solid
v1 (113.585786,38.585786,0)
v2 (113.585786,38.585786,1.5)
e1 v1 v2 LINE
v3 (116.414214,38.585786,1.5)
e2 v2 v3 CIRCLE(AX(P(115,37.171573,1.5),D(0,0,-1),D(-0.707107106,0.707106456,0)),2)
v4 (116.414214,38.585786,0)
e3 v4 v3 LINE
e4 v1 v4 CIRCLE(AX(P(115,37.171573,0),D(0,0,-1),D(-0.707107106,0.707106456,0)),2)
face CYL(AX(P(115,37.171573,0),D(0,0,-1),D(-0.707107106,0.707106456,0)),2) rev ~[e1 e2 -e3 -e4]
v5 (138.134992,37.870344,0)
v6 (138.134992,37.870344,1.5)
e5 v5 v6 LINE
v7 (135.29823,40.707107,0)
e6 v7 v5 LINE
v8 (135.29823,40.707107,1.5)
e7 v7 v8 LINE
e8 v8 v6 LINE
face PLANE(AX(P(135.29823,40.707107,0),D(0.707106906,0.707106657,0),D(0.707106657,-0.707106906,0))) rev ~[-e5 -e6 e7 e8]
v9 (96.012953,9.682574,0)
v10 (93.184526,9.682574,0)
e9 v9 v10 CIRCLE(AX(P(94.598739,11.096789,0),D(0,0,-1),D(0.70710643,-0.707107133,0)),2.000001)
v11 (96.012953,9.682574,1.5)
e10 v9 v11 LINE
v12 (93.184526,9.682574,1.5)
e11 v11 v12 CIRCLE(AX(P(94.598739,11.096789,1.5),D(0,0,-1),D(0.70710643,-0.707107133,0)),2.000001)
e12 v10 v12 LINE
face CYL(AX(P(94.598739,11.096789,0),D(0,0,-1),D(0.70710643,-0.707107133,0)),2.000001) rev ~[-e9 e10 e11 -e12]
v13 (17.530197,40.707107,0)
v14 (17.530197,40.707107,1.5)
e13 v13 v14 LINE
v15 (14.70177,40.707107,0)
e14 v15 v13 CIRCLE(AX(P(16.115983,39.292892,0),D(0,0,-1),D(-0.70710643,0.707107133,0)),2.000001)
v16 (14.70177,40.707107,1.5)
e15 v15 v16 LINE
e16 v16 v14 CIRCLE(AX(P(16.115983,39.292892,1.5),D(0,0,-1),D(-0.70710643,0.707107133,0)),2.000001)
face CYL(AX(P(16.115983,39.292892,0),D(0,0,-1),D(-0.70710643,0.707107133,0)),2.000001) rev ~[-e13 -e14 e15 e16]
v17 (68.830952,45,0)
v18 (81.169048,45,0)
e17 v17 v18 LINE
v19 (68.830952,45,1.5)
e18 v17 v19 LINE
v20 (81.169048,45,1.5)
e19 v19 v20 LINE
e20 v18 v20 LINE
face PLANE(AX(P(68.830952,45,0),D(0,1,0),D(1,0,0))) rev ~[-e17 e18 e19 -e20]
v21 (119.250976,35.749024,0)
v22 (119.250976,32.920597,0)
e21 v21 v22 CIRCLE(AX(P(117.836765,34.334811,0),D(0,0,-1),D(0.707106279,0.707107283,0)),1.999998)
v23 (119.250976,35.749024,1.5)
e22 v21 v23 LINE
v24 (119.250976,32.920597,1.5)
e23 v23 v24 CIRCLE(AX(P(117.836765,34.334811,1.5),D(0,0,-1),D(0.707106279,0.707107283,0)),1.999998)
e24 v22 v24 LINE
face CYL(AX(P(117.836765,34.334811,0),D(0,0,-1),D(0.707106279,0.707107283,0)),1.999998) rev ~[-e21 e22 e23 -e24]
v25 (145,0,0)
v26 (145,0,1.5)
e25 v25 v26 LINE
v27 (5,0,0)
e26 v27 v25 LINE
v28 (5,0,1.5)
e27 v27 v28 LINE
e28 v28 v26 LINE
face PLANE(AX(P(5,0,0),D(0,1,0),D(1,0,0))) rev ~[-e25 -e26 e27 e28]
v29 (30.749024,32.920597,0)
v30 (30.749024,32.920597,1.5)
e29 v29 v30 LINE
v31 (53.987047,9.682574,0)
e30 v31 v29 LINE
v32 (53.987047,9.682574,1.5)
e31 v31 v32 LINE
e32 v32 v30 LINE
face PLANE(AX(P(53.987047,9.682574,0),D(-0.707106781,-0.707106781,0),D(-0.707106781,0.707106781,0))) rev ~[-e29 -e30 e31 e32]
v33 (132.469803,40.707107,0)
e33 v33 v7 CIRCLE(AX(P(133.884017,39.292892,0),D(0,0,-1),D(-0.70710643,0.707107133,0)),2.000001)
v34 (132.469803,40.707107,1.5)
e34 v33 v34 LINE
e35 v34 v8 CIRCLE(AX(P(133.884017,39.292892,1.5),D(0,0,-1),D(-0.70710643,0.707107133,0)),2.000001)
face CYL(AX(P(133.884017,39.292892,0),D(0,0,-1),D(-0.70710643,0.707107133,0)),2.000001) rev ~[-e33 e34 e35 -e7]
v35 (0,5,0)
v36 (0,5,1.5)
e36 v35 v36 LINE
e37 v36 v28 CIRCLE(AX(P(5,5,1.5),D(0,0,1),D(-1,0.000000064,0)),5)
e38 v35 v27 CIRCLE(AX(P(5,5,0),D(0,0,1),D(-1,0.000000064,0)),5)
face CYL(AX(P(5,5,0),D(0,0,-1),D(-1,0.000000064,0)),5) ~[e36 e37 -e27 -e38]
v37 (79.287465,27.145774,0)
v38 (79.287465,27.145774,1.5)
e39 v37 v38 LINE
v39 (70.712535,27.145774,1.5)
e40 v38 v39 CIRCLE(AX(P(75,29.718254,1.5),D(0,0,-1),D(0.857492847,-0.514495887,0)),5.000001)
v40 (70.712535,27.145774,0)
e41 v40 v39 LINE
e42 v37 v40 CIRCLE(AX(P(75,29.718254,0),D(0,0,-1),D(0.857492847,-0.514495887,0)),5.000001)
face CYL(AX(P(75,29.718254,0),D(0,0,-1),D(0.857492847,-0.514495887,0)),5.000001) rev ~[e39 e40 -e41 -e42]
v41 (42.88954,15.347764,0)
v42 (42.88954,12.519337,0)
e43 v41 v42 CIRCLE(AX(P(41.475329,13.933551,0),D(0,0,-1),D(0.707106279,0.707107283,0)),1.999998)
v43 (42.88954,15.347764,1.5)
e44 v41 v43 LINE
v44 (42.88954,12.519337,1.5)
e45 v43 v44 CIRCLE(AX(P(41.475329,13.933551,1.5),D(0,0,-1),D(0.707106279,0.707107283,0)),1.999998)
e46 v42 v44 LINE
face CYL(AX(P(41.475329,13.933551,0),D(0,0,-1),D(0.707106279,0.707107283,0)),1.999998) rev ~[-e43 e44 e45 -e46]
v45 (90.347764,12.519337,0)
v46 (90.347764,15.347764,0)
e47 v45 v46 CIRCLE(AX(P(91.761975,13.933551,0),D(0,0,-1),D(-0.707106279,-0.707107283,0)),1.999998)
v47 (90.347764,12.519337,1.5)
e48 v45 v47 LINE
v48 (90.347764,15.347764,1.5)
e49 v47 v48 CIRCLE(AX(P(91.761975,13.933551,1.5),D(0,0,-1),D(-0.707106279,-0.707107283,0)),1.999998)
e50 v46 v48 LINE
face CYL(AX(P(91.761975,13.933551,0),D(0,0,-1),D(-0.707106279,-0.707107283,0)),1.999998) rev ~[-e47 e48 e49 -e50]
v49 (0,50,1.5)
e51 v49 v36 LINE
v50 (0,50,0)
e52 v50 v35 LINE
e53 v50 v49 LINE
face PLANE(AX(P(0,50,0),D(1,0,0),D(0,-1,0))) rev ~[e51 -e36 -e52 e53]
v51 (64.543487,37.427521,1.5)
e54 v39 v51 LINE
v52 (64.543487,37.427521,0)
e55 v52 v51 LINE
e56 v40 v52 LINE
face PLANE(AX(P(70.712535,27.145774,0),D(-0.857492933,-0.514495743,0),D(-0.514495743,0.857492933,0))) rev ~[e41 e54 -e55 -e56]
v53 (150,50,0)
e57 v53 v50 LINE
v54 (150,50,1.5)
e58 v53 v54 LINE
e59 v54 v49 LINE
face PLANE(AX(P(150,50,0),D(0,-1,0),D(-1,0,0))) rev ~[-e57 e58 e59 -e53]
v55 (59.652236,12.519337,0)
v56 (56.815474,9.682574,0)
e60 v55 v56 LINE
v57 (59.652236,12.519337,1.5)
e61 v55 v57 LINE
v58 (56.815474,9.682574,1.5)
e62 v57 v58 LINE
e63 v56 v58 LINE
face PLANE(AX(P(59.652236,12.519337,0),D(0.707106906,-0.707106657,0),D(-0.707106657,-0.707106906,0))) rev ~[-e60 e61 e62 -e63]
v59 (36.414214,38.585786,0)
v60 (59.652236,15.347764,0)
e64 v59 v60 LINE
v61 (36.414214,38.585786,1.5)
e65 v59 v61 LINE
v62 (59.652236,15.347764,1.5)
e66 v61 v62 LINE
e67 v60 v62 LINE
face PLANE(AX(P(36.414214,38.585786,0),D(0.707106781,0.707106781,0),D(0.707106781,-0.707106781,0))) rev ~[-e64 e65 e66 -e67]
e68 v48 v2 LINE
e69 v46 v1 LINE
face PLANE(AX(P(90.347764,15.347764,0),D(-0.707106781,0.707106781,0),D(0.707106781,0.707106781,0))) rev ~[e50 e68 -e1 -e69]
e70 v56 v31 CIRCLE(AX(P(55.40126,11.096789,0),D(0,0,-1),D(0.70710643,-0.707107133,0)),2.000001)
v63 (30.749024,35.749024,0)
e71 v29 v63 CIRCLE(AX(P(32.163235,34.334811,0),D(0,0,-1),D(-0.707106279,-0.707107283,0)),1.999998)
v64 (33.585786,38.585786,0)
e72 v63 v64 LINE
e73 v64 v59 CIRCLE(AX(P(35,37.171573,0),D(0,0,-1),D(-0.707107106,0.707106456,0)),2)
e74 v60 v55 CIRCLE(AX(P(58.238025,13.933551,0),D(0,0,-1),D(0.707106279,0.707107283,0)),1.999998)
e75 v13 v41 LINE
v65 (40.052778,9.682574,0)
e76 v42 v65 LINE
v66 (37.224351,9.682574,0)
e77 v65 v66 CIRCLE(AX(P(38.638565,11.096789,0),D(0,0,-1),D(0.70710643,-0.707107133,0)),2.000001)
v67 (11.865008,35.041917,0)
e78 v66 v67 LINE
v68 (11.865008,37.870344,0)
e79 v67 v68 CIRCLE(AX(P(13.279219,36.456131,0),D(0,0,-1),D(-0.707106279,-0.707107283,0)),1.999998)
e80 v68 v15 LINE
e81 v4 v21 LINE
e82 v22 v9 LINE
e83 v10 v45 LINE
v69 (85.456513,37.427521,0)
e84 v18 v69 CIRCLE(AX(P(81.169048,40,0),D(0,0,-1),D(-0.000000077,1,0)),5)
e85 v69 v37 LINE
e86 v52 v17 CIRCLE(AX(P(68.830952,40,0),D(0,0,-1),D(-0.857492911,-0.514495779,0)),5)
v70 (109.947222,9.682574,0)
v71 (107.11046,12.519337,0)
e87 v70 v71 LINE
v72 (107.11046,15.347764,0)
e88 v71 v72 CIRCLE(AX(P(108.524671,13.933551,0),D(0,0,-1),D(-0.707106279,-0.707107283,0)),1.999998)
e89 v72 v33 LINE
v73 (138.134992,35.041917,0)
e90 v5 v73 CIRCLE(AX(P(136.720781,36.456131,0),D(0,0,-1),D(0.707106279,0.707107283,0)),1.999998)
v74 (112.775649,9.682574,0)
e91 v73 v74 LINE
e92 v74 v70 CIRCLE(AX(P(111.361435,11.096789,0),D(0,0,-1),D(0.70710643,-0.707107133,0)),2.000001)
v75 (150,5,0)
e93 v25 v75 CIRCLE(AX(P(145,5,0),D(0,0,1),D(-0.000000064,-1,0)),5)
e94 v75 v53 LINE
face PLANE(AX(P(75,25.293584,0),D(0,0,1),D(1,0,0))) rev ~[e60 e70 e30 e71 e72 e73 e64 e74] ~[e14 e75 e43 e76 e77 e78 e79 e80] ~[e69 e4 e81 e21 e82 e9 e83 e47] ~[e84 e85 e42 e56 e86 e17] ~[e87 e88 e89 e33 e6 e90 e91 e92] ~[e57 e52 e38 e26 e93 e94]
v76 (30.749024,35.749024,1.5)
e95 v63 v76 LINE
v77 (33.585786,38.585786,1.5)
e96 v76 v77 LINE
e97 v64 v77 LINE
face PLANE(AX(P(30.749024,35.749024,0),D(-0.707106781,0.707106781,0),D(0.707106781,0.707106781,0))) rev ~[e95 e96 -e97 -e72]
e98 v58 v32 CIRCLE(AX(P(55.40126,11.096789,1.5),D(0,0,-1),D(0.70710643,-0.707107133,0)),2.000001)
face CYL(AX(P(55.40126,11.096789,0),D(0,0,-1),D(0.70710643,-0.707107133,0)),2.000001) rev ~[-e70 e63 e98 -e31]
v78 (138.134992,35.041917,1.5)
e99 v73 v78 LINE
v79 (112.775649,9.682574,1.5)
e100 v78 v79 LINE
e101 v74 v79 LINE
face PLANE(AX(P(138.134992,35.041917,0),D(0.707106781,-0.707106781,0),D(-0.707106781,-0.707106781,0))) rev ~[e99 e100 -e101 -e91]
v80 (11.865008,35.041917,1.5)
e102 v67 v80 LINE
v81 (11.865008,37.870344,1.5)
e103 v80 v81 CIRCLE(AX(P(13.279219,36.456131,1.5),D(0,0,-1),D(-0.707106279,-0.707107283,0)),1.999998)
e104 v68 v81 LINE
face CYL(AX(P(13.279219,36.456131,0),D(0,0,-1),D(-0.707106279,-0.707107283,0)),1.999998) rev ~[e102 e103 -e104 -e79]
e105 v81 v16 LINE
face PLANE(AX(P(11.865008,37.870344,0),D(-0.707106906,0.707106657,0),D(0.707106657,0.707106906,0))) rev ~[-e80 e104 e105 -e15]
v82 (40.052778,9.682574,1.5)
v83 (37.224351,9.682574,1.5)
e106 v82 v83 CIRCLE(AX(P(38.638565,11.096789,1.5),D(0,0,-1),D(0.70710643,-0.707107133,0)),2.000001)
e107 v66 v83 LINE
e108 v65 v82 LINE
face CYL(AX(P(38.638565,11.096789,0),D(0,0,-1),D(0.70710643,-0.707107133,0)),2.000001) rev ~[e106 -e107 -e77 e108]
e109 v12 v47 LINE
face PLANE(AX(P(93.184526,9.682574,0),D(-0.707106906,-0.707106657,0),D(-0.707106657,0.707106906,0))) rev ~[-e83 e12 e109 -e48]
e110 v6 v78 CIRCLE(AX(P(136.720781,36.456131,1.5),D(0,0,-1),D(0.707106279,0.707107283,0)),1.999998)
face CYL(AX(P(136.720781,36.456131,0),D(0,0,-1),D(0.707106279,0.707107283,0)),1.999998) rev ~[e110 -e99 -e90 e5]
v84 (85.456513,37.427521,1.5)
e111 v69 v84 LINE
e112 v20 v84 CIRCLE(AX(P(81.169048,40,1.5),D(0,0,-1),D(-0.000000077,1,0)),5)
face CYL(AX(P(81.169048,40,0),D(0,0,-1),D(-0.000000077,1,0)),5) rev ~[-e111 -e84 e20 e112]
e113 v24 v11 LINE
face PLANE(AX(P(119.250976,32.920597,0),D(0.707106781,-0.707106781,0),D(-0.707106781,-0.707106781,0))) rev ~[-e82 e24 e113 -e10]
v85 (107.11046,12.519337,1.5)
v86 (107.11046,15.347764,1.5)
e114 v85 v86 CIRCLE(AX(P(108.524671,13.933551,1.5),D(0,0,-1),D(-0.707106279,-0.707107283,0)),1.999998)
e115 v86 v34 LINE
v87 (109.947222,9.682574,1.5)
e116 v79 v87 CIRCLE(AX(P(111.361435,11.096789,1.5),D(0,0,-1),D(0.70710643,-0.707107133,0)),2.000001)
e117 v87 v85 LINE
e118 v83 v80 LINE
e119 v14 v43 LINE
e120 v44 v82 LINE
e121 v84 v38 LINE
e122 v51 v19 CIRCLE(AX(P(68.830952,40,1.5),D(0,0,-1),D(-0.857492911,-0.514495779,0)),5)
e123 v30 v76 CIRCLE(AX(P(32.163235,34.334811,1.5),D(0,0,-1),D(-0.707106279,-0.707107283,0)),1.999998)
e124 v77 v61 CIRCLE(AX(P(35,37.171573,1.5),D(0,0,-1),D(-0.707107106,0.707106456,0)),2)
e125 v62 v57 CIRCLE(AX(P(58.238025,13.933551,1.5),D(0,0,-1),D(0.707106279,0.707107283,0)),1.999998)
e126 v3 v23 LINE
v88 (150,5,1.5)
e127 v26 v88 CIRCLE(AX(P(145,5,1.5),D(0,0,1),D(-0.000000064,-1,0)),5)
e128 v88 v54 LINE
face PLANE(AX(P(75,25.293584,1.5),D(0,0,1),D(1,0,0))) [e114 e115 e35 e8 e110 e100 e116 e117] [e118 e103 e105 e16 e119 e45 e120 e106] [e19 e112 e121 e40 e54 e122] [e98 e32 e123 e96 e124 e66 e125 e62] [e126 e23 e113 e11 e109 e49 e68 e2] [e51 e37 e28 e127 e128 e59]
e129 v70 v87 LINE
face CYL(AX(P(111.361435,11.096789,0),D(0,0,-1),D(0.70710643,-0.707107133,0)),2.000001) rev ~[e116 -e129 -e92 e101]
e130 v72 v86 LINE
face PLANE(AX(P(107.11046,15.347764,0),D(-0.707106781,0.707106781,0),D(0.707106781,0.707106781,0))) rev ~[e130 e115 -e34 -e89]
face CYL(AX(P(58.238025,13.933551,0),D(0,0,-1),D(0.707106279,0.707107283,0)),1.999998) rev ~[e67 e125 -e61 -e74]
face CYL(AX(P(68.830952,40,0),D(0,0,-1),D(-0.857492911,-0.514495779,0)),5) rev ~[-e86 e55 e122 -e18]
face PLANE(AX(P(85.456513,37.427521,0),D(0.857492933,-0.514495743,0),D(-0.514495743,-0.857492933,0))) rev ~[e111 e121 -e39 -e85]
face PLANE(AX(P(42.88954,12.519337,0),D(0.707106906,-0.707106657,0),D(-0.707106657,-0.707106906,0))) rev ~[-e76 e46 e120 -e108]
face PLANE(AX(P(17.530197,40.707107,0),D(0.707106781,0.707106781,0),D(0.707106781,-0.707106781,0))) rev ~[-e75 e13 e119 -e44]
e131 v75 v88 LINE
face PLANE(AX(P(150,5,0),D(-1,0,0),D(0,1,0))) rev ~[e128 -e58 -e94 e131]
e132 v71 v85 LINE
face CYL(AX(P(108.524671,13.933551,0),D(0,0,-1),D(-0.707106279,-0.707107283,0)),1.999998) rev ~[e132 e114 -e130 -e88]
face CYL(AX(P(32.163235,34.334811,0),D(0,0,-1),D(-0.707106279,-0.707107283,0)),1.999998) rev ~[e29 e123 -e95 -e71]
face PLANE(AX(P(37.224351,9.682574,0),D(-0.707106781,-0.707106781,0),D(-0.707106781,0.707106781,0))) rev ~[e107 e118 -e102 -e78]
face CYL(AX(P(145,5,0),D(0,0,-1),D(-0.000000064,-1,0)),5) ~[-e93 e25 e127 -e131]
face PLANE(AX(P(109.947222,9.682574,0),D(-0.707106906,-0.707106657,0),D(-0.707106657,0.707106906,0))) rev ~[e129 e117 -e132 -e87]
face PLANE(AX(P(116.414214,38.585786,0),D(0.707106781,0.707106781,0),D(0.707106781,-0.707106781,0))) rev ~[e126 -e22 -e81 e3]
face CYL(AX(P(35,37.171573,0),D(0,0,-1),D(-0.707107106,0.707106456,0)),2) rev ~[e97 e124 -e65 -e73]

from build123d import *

# Parameters (mm, degrees)
F1_DEPTH = 1.5


with BuildPart() as f1:
    # F0 (on Top) → F1 (new body)
    with BuildSketch(Plane.XY):
        with BuildLine():
            ThreePointArc((0, 5), (1.464466, 1.464466), (5, 0))
            Line((5, 0), (145, 0))
            ThreePointArc((145, 0), (148.535534, 1.464466), (150, 5))
            Line((150, 5), (150, 50))
            Line((150, 50), (0, 50))
            Line((0, 50), (0, 5))
        make_face()
        with BuildLine():
            ThreePointArc((33.585786, 38.585786), (35, 39.171573), (36.414214, 38.585786))
            Line((36.414214, 38.585786), (59.652236, 15.347764))
            ThreePointArc((59.652236, 15.347764), (60.238023, 13.93355), (59.652236, 12.519337))
            Line((59.652236, 12.519337), (56.815474, 9.682574))
            ThreePointArc((56.815474, 9.682574), (55.40126, 9.096788), (53.987047, 9.682574))
            Line((53.987047, 9.682574), (30.749024, 32.920597))
            ThreePointArc((30.749024, 32.920597), (30.163237, 34.33481), (30.749024, 35.749024))
            Line((30.749024, 35.749024), (33.585786, 38.585786))
        make_face(mode=Mode.SUBTRACT)
        with BuildLine():
            Line((90.347764, 15.347764), (113.585786, 38.585786))
            ThreePointArc((113.585786, 38.585786), (115, 39.171573), (116.414214, 38.585786))
            Line((116.414214, 38.585786), (119.250976, 35.749024))
            ThreePointArc((119.250976, 35.749024), (119.836763, 34.33481), (119.250976, 32.920597))
            Line((119.250976, 32.920597), (96.012953, 9.682574))
            ThreePointArc((96.012953, 9.682574), (94.59874, 9.096788), (93.184526, 9.682574))
            Line((93.184526, 9.682574), (90.347764, 12.519337))
            ThreePointArc((90.347764, 12.519337), (89.761977, 13.93355), (90.347764, 15.347764))
        make_face(mode=Mode.SUBTRACT)
        with BuildLine():
            ThreePointArc((14.70177, 40.707107), (16.115984, 41.292893), (17.530197, 40.707107))
            Line((17.530197, 40.707107), (42.88954, 15.347764))
            ThreePointArc((42.88954, 15.347764), (43.475327, 13.93355), (42.88954, 12.519337))
            Line((42.88954, 12.519337), (40.052778, 9.682574))
            ThreePointArc((40.052778, 9.682574), (38.638564, 9.096788), (37.224351, 9.682574))
            Line((37.224351, 9.682574), (11.865008, 35.041917))
            ThreePointArc((11.865008, 35.041917), (11.279221, 36.456131), (11.865008, 37.870344))
            Line((11.865008, 37.870344), (14.70177, 40.707107))
        make_face(mode=Mode.SUBTRACT)
        with BuildLine():
            Line((68.830952, 45), (81.169048, 45))
            ThreePointArc((81.169048, 45), (85.520048, 42.463494), (85.456513, 37.427521))
            Line((85.456513, 37.427521), (79.287465, 27.145774))
            ThreePointArc((79.287465, 27.145774), (75, 24.718253), (70.712535, 27.145774))
            Line((70.712535, 27.145774), (64.543487, 37.427521))
            ThreePointArc((64.543487, 37.427521), (64.479952, 42.463494), (68.830952, 45))
        make_face(mode=Mode.SUBTRACT)
        with BuildLine():
            Line((107.11046, 15.347764), (132.469803, 40.707107))
            ThreePointArc((132.469803, 40.707107), (133.884016, 41.292893), (135.29823, 40.707107))
            Line((135.29823, 40.707107), (138.134992, 37.870344))
            ThreePointArc((138.134992, 37.870344), (138.720779, 36.456131), (138.134992, 35.041917))
            Line((138.134992, 35.041917), (112.775649, 9.682574))
            ThreePointArc((112.775649, 9.682574), (111.361436, 9.096788), (109.947222, 9.682574))
            Line((109.947222, 9.682574), (107.11046, 12.519337))
            ThreePointArc((107.11046, 12.519337), (106.524673, 13.93355), (107.11046, 15.347764))
        make_face(mode=Mode.SUBTRACT)
    extrude(amount=F1_DEPTH)


solid = f1.part
